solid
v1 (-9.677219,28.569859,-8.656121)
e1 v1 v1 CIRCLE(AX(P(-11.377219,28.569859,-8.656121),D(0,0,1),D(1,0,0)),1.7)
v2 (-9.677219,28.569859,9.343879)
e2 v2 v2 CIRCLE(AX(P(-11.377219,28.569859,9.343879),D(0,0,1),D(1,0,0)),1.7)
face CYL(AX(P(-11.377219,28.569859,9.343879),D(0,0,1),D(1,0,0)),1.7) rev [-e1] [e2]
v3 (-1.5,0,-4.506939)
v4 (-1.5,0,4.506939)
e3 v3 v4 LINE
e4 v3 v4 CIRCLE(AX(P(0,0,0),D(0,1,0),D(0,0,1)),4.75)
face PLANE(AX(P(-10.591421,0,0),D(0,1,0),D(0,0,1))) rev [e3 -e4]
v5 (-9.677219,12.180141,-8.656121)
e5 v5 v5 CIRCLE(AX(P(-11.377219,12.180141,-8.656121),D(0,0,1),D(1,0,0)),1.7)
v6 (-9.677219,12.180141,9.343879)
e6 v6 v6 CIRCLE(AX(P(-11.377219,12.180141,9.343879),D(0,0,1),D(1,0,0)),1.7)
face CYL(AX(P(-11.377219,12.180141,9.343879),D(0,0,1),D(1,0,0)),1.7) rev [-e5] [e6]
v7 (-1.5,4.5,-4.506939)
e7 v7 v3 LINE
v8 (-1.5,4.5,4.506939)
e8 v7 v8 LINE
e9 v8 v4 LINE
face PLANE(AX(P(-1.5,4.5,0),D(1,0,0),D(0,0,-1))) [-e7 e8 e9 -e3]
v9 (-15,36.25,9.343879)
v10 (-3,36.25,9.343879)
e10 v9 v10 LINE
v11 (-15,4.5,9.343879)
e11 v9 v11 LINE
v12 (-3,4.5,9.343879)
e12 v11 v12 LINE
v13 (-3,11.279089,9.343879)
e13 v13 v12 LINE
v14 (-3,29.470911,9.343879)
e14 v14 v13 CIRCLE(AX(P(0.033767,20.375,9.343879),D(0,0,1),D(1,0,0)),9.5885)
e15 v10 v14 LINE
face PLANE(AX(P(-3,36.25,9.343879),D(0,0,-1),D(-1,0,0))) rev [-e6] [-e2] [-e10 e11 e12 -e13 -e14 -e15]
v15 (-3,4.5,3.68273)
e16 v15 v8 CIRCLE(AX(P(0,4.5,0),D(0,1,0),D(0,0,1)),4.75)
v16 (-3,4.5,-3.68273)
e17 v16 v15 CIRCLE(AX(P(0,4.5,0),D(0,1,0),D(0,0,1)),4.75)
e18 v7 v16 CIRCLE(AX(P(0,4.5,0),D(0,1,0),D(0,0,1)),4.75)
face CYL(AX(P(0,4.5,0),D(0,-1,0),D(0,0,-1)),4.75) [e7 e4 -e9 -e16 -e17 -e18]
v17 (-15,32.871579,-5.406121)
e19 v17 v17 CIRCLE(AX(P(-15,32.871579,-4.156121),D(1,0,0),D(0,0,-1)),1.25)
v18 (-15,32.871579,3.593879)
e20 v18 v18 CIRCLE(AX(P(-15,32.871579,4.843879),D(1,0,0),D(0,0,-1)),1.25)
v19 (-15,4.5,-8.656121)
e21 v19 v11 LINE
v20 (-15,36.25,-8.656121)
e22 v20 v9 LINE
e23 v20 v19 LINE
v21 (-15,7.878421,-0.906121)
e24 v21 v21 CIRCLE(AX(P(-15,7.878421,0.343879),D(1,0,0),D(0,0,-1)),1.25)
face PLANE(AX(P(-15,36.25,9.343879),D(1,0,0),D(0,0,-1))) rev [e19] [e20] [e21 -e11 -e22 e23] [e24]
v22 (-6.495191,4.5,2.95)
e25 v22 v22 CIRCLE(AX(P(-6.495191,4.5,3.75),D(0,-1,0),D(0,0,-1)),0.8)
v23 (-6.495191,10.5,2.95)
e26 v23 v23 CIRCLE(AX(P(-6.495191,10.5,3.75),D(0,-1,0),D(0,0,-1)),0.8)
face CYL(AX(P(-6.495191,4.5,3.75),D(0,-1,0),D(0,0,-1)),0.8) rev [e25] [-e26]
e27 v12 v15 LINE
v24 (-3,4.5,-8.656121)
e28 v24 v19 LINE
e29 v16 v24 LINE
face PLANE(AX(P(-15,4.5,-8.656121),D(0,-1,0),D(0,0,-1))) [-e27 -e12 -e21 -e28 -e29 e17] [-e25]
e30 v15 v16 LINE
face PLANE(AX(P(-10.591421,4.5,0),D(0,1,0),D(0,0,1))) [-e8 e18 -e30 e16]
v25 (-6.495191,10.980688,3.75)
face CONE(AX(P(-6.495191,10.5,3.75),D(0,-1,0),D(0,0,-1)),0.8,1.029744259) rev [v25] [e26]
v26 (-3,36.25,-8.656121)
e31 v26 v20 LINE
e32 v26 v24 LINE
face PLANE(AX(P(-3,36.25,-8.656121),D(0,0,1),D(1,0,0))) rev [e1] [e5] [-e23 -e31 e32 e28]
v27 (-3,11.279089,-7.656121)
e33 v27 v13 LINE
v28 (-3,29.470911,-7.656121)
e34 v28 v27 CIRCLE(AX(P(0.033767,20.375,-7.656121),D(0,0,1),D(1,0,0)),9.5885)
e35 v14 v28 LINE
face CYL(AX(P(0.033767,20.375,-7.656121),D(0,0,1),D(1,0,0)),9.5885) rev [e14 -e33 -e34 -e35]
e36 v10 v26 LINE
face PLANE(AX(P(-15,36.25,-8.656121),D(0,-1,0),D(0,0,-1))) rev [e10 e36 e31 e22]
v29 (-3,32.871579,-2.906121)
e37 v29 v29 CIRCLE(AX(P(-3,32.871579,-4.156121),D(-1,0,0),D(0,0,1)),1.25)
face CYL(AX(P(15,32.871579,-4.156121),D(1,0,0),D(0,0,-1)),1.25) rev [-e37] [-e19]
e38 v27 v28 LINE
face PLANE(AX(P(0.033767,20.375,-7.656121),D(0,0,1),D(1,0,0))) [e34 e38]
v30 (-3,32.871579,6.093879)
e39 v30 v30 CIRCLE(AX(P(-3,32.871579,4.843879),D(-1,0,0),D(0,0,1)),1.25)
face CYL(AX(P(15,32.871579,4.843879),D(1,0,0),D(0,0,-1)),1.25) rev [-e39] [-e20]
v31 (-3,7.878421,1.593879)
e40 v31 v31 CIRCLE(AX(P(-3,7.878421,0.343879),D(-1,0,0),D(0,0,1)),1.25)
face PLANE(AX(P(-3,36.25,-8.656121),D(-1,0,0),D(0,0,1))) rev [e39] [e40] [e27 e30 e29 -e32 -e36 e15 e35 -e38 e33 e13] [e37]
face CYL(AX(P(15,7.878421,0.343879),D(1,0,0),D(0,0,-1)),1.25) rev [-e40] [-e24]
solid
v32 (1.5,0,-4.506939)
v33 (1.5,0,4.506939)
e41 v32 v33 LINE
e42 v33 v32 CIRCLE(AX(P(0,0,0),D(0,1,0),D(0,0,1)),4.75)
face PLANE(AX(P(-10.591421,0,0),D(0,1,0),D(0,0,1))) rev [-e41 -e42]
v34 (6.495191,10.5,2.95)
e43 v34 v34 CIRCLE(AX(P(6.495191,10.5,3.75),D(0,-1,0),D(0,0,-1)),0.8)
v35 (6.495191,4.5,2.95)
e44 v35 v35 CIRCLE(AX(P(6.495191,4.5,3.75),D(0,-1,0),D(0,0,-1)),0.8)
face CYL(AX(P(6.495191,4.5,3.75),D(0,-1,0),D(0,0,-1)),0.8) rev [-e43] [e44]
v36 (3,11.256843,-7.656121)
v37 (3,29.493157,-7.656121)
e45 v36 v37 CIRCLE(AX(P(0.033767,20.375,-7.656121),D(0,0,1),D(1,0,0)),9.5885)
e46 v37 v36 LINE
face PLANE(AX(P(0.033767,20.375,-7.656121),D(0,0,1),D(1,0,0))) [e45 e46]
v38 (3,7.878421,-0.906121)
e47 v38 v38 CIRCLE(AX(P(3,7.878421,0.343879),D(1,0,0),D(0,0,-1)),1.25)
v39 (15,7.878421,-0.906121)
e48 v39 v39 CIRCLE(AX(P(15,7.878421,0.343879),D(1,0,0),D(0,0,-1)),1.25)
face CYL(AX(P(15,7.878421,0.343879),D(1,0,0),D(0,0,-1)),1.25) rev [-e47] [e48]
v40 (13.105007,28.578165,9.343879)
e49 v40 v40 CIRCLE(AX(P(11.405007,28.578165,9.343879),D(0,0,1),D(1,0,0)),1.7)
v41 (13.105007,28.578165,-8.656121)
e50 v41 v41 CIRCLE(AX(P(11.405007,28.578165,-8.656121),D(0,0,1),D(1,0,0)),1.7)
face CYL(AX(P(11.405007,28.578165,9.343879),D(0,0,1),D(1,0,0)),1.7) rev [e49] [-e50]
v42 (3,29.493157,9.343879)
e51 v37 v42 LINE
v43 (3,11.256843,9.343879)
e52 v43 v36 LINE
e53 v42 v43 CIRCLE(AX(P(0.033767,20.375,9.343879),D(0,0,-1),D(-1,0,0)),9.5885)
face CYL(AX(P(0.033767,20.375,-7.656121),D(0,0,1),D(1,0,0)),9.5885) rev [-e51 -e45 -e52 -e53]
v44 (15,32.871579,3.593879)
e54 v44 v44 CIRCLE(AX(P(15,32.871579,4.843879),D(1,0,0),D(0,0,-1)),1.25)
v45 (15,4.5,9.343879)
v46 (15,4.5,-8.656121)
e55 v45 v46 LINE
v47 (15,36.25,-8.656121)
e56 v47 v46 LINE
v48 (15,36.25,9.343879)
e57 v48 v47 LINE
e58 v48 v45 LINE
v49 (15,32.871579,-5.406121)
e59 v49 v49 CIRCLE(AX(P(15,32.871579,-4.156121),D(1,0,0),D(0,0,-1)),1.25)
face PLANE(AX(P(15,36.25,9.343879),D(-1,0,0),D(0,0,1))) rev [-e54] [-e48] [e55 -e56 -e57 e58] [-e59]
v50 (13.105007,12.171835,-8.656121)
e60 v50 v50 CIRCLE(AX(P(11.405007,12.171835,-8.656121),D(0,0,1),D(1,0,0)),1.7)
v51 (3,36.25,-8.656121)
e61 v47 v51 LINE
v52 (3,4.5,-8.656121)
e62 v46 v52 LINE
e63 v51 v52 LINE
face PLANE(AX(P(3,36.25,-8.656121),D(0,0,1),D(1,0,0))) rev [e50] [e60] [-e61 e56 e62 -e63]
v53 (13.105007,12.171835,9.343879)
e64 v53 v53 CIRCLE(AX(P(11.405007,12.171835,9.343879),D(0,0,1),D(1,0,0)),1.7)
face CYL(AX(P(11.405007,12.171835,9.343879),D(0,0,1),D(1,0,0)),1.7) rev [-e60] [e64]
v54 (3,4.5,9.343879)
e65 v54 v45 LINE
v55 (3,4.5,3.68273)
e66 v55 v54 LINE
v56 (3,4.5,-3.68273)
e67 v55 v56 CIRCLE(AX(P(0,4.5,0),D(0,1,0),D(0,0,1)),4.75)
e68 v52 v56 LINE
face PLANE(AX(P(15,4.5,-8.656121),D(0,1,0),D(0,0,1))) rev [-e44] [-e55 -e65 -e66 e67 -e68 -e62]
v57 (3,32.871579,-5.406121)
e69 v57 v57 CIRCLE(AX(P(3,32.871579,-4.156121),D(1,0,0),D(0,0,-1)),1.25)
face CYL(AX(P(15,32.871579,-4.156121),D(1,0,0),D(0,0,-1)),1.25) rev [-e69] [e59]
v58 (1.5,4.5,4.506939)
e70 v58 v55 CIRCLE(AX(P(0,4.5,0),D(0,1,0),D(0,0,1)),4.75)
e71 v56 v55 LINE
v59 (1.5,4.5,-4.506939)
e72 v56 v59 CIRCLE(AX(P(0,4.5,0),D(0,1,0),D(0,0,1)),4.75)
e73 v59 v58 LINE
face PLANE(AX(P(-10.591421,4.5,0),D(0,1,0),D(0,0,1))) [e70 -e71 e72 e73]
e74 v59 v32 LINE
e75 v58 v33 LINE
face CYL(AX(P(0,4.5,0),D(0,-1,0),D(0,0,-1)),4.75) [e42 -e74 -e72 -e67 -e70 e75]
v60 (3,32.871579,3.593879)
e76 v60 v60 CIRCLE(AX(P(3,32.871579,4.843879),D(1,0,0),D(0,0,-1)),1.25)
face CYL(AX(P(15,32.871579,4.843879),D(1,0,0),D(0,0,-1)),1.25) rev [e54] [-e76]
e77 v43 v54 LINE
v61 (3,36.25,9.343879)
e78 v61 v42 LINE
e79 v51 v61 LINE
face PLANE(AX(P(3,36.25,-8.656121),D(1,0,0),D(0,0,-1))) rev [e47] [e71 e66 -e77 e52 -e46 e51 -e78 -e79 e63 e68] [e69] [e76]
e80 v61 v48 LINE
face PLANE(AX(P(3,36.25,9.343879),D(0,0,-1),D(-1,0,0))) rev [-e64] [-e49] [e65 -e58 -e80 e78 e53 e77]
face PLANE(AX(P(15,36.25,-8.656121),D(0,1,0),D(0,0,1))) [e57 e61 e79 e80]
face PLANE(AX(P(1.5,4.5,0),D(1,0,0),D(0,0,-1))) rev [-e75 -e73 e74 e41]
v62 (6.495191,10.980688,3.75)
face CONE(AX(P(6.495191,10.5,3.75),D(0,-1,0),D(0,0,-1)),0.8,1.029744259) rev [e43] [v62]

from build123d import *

# Parameters (mm, degrees)
SKETCH2_W                 = 12
SKETCH2_H                 = 18
EXTRUDE1_DEPTH            = 31.75
EXTRUDE1_2_DEPTH          = 31.75
EXTRUDE2_DEPTH            = 4.5
SKETCH4_R                 = 9.5885
EXTRUDE3_DEPTH            = 17
M3_CLEARANCE_HOLE1_D      = 3.4
M3X0_5_TAPPED_HOLE1_D     = 2.5
M2X0_4_TAPPED_HOLE2_D     = 1.6
M2X0_4_TAPPED_HOLE2_DEPTH = 6
M2X0_4_TAPPED_HOLE2_TIP   = 0.480688495


with BuildPart() as part:
    # Sketch2 → Extrude1 (new body)
    with BuildSketch(Plane(origin=(0, 4.5, 0), x_dir=(-1, 0, 0), z_dir=(0, 1, 0))):
        with Locations((9, 0.343878918)):
            Rectangle(SKETCH2_W, SKETCH2_H)
    extrude(amount=EXTRUDE1_DEPTH)



with BuildPart() as body_2:
    # Sketch2 → Extrude1 2 (new body)
    with BuildSketch(Plane(origin=(0, 4.5, 0), x_dir=(-1, 0, 0), z_dir=(0, 1, 0))):
        with Locations((-9, 0.343878918)):
            Rectangle(SKETCH2_W, SKETCH2_H)
    extrude(amount=EXTRUDE1_2_DEPTH)


with BuildPart() as part_1:
    add(part.part)

    add(body_2.part)  # Extrude2 merges body 2
    # Sketch1 → Extrude2 (add)
    with BuildSketch(Plane(origin=(0, 0, 0), x_dir=(1, 0, 0), z_dir=(0, 1, 0))):
        with BuildLine():
            ThreePointArc((4.75, 0), (3.852758752, 2.778263846), (1.5, 4.506939094))
            Line((1.5, 4.506939094), (1.5, -4.506939094))
            ThreePointArc((1.5, -4.506939094), (3.852758752, -2.778263846), (4.75, 0))
        make_face()
        with BuildLine():
            Line((-1.5, -4.506939094), (-1.5, 4.506939094))
            ThreePointArc((-1.5, 4.506939094), (-4.75, 0), (-1.5, -4.506939094))
        make_face()
    extrude(amount=EXTRUDE2_DEPTH)

    # Sketch4 → Extrude3 (cut)
    with BuildSketch(Plane.XY.offset(9.343878918)):
        with Locations((0.033766691, 20.375)):
            Circle(SKETCH4_R)
    extrude(amount=-EXTRUDE3_DEPTH, mode=Mode.SUBTRACT)

    # M3 Clearance Hole1 (through all)
    with Locations(Plane(origin=(-11.377218639, 28.569859147, 9.343878918), x_dir=(1, 0, 0), z_dir=(0, 0, 1))):
        with Locations((0, 0), (0, -16.389718294), (22.782225349, -16.398024537), (22.782225349, 0.008306243)):
            Hole(M3_CLEARANCE_HOLE1_D / 2)

    # M3x0.5 Tapped Hole1 (through all)
    with Locations(Plane(origin=(15, 32.871578641, 4.843878918), x_dir=(0, 0, 1), z_dir=(1, 0, 0))):
        with Locations((0, 0), (-9, 0), (-4.5, 24.993157282)):
            Hole(M3X0_5_TAPPED_HOLE1_D / 2)

    # M2x0.4 Tapped Hole2
    with Locations(Plane(origin=(-6.495190528, 4.5, 3.75), x_dir=(0, 0, -1), z_dir=(0, -1, 0))):
        with Locations((0, 0), (0, 12.990381056)):
            Hole(M2X0_4_TAPPED_HOLE2_D / 2, depth=M2X0_4_TAPPED_HOLE2_DEPTH)
            with Locations((0, 0, -(M2X0_4_TAPPED_HOLE2_DEPTH + M2X0_4_TAPPED_HOLE2_TIP / 2))):  # 118° drill point
                Cone(0, M2X0_4_TAPPED_HOLE2_D / 2, M2X0_4_TAPPED_HOLE2_TIP, mode=Mode.SUBTRACT)


solid = part_1.part
